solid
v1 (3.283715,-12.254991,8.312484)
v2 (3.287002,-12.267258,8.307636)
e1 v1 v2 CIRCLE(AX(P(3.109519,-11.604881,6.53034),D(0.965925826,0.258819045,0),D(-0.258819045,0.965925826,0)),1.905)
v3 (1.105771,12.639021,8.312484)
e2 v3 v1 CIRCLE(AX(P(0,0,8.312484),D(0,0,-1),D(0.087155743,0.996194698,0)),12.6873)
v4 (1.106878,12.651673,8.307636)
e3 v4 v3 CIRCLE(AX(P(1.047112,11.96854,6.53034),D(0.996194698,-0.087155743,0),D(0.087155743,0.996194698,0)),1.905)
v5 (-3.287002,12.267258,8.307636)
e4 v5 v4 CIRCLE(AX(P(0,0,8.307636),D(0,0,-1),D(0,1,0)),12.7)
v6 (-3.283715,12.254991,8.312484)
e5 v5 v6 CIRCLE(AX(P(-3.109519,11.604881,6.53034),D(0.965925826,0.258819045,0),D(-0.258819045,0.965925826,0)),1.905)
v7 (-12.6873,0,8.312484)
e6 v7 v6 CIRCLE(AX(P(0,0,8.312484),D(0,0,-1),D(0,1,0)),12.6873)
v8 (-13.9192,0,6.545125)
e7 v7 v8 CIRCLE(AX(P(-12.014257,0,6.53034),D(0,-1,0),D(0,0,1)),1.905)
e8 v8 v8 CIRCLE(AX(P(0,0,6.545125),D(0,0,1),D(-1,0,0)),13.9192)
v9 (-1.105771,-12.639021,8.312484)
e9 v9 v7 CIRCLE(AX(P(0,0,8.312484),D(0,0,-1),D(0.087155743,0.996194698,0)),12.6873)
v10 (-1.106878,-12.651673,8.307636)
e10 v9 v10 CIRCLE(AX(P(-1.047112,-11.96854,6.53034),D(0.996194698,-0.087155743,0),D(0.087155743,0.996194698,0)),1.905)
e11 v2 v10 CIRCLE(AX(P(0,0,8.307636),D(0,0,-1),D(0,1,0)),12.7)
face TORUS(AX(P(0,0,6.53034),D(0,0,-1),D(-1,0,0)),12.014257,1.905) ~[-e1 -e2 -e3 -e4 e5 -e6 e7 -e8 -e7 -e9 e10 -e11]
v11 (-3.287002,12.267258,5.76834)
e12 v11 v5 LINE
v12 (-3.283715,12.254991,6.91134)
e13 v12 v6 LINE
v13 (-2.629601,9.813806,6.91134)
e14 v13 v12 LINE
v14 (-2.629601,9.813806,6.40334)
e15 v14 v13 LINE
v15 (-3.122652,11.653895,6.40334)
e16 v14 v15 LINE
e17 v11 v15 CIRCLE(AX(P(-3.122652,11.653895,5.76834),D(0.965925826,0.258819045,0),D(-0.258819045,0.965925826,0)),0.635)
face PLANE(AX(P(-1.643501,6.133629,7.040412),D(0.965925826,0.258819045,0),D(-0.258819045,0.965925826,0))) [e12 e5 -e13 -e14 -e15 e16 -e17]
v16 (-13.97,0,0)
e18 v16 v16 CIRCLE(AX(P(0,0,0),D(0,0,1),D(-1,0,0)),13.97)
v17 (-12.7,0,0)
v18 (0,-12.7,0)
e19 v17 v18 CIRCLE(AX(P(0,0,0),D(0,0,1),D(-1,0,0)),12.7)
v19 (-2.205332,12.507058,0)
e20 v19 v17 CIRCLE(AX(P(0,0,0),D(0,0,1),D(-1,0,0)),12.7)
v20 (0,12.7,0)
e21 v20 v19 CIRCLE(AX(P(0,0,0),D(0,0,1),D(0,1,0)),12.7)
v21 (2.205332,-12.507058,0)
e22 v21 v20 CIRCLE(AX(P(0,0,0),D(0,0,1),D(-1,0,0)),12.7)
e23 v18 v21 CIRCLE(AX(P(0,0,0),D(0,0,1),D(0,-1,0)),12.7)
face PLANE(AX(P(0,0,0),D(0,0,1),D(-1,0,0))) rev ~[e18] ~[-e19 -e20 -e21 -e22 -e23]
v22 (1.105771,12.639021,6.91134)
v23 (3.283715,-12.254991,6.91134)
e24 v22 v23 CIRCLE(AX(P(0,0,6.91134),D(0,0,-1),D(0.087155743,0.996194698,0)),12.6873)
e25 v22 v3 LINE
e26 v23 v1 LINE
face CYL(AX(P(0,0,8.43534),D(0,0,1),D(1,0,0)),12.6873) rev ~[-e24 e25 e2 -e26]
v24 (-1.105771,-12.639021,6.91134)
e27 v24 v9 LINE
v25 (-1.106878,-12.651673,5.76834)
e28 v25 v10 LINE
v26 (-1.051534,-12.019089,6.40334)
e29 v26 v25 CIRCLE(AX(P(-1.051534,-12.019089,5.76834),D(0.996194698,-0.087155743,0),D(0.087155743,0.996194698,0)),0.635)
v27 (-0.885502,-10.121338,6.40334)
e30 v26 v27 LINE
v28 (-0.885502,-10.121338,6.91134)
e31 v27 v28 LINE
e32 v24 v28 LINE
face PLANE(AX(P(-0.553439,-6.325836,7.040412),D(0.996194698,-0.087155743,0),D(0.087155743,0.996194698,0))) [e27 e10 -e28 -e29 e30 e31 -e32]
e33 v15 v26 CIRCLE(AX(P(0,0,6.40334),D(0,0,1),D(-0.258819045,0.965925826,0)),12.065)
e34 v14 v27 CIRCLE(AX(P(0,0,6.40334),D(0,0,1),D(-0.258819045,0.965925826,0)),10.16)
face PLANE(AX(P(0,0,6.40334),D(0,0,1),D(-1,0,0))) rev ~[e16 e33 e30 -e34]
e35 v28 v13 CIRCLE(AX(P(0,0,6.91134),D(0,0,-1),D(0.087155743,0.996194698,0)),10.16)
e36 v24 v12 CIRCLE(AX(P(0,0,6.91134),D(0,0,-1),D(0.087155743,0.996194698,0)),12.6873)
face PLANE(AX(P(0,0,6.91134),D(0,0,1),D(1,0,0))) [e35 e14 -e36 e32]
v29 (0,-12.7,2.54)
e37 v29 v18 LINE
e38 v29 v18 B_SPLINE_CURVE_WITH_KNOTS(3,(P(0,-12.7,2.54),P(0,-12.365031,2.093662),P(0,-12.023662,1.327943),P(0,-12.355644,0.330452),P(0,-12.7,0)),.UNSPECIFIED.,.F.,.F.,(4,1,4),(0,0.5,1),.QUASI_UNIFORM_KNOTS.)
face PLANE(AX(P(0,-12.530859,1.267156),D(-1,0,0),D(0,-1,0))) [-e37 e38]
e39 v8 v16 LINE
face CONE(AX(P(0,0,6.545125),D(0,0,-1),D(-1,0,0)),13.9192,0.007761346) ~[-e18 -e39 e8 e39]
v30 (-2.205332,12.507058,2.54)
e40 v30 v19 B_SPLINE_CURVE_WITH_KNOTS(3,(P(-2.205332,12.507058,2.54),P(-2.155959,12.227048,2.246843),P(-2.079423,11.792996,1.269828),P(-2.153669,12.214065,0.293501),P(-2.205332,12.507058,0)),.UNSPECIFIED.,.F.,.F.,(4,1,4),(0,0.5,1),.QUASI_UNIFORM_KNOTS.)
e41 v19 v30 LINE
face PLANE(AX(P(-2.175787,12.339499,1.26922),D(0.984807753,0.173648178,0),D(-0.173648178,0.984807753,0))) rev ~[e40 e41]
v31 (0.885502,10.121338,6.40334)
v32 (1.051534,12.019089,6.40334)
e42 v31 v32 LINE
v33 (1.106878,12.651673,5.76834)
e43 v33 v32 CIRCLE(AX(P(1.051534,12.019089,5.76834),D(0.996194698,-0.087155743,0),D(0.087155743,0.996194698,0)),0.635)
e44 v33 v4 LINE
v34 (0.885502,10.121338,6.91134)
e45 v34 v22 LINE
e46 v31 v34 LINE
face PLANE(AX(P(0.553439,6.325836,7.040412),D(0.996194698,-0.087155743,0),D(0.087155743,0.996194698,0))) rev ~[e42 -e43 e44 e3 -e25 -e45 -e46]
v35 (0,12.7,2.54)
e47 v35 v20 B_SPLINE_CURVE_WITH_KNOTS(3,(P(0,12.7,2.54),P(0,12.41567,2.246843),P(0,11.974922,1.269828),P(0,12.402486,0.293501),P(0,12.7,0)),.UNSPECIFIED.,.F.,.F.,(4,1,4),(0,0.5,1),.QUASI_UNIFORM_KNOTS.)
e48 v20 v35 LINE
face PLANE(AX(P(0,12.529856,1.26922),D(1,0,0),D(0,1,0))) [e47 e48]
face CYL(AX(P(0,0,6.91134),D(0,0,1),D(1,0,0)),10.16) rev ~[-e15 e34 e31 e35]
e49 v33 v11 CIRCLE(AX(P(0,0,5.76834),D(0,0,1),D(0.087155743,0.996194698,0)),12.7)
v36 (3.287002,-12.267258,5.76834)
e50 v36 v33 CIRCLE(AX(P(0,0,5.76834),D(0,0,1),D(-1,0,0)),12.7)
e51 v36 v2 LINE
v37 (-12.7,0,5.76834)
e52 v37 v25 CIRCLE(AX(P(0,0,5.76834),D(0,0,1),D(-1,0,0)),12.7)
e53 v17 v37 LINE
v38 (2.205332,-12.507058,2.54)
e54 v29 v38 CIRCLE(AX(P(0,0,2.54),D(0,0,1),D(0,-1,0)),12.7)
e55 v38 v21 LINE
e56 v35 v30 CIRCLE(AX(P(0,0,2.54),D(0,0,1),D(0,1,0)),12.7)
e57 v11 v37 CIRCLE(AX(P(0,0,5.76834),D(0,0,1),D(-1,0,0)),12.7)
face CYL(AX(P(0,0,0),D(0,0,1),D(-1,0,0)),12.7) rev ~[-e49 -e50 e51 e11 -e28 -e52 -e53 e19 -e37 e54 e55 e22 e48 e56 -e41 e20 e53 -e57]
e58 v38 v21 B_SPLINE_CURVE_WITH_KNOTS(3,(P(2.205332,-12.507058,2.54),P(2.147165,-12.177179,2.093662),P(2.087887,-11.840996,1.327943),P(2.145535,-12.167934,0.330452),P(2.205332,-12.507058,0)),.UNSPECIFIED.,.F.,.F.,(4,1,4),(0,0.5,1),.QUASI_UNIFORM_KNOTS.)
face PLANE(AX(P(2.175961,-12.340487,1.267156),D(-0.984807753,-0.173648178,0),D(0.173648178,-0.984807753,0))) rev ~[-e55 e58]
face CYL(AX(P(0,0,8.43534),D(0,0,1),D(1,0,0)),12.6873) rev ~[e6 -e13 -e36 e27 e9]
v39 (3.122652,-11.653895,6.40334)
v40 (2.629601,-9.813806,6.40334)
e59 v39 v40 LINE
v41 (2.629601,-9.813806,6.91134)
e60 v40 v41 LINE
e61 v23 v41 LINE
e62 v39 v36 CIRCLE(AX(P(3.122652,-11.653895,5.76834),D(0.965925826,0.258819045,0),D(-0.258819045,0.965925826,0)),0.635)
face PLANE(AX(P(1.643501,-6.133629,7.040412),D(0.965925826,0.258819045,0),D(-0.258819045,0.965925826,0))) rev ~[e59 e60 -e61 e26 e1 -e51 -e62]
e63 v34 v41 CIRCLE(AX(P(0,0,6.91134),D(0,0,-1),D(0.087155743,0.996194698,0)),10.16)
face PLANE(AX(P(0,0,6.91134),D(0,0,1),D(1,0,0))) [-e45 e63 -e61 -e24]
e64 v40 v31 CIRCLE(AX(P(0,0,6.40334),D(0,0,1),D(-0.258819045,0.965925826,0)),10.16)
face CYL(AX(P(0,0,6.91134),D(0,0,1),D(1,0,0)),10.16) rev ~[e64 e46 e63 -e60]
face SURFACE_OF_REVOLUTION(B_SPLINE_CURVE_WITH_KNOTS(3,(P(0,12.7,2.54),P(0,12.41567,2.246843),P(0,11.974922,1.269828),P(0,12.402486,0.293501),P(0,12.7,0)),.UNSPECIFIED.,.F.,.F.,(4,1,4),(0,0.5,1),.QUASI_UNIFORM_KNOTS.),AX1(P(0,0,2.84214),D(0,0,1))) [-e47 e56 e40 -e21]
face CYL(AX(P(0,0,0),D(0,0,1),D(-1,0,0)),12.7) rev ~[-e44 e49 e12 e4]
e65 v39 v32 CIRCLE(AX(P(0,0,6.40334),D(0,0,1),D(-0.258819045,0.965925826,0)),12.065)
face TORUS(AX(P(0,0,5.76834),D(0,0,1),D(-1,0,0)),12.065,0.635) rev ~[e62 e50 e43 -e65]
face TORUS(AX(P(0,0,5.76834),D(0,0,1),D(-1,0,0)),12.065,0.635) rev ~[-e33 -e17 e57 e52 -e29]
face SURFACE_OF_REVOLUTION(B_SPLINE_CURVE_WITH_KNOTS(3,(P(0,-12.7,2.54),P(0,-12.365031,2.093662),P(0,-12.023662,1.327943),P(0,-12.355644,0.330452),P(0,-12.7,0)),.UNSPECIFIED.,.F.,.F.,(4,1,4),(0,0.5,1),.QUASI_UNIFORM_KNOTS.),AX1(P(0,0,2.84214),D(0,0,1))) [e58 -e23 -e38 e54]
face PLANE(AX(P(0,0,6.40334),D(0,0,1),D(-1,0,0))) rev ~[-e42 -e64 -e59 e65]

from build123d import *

# Parameters (mm, degrees)
F2_R           = 12.6873
F3_DEPTH       = 1.524
F4_R           = 10.16
F5_DEPTH       = 25.4
F7_ANGLE       = 10
F8_W           = 12.7
F8_H           = 2.5441443902
F9_ANGLE_BACK  = 5
F9_ANGLE       = 20
F10_W          = 12.7
F10_H          = 2.5441443902
F11_ANGLE_BACK = 5
F11_ANGLE      = 20


with BuildPart() as f1:
    # F0 (on Front) → F1 (revolve)
    with BuildSketch(Plane.XZ):
        with BuildLine():
            Line((-13.97, 0), (-12.7, 0))
            Line((-12.7, 0), (-12.7, 5.76834))
            ThreePointArc((-12.7, 5.76834), (-12.5140128061, 6.2173528061), (-12.065, 6.40334))
            Line((-12.065, 6.40334), (0, 6.40334))
            Line((0, 6.40334), (0, 8.43534))
            Line((0, 8.43534), (-12.0142573769, 8.43534))
            ThreePointArc((-12.0142573769, 8.43534), (-13.3560582498, 7.8825956776), (-13.9192, 6.5451252153))
            Line((-13.9192, 6.5451252153), (-13.97, 0))
        make_face()
    revolve(axis=Axis((0, 0, 7.41934), (0, 0, 1)))

    # F2 (on face) → F3 (cut)
    with BuildSketch(Plane.XY.offset(8.43534)):
        Circle(F2_R)
    extrude(amount=-F3_DEPTH, mode=Mode.SUBTRACT)

    # F4 (on face) → F5 (cut)
    with BuildSketch(Plane.XY.offset(6.91134)):
        Circle(F4_R)
    extrude(amount=-F5_DEPTH, mode=Mode.SUBTRACT)

    # F6 (on Right) → F7 (revolve)
    with BuildSketch(Plane.YZ):
        with BuildLine():
            add(Edge.make_bspline(
                [(-12.7, 2.54), (-12.3650313684, 2.0936619038), (-12.0236620945, 1.3279431517), (-12.3556444426, 0.3304517928), (-12.7, 0)],
                knots=[0, 0, 0, 0, 0.5, 1, 1, 1, 1], degree=3))
            Line((-12.7, 2.54), (-12.7, 0))
        make_face()
        with BuildLine():
            Line((12.7, 0), (12.7, 2.54))
            add(Edge.make_bspline(
                [(12.7, 2.54), (12.4156702788, 2.2468428115), (11.9749216364, 1.2698282605), (12.4024864485, 0.2935006674), (12.7, 0)],
                knots=[0, 0, 0, 0, 0.5, 1, 1, 1, 1], degree=3))
        make_face()
    revolve(axis=Axis((0, 0, 2.8421400978), (0, 0, 1)), revolution_arc=F7_ANGLE)

    # F8 (on Right) → F9 (revolve, cut)
    with BuildSketch(Plane.YZ, mode=Mode.PRIVATE) as f9_sk:
        with Locations((6.35, 7.0404121951)):
            Rectangle(F8_W, F8_H)
    revolve(f9_sk.sketch.rotate(Axis((0, 0, 7.0404121951), (0, 0, 1)), -F9_ANGLE_BACK), axis=Axis((0, 0, 7.0404121951), (0, 0, 1)), revolution_arc=F9_ANGLE, mode=Mode.SUBTRACT)

    # F10 (on Right) → F11 (revolve, cut)
    with BuildSketch(Plane.YZ, mode=Mode.PRIVATE) as f11_sk:
        with Locations((-6.35, 7.0404121951)):
            Rectangle(F10_W, F10_H)
    revolve(f11_sk.sketch.rotate(Axis((0, 0, 7.0404121951), (0, 0, 1)), -F11_ANGLE_BACK), axis=Axis((0, 0, 7.0404121951), (0, 0, 1)), revolution_arc=F11_ANGLE, mode=Mode.SUBTRACT)


solid = f1.part
